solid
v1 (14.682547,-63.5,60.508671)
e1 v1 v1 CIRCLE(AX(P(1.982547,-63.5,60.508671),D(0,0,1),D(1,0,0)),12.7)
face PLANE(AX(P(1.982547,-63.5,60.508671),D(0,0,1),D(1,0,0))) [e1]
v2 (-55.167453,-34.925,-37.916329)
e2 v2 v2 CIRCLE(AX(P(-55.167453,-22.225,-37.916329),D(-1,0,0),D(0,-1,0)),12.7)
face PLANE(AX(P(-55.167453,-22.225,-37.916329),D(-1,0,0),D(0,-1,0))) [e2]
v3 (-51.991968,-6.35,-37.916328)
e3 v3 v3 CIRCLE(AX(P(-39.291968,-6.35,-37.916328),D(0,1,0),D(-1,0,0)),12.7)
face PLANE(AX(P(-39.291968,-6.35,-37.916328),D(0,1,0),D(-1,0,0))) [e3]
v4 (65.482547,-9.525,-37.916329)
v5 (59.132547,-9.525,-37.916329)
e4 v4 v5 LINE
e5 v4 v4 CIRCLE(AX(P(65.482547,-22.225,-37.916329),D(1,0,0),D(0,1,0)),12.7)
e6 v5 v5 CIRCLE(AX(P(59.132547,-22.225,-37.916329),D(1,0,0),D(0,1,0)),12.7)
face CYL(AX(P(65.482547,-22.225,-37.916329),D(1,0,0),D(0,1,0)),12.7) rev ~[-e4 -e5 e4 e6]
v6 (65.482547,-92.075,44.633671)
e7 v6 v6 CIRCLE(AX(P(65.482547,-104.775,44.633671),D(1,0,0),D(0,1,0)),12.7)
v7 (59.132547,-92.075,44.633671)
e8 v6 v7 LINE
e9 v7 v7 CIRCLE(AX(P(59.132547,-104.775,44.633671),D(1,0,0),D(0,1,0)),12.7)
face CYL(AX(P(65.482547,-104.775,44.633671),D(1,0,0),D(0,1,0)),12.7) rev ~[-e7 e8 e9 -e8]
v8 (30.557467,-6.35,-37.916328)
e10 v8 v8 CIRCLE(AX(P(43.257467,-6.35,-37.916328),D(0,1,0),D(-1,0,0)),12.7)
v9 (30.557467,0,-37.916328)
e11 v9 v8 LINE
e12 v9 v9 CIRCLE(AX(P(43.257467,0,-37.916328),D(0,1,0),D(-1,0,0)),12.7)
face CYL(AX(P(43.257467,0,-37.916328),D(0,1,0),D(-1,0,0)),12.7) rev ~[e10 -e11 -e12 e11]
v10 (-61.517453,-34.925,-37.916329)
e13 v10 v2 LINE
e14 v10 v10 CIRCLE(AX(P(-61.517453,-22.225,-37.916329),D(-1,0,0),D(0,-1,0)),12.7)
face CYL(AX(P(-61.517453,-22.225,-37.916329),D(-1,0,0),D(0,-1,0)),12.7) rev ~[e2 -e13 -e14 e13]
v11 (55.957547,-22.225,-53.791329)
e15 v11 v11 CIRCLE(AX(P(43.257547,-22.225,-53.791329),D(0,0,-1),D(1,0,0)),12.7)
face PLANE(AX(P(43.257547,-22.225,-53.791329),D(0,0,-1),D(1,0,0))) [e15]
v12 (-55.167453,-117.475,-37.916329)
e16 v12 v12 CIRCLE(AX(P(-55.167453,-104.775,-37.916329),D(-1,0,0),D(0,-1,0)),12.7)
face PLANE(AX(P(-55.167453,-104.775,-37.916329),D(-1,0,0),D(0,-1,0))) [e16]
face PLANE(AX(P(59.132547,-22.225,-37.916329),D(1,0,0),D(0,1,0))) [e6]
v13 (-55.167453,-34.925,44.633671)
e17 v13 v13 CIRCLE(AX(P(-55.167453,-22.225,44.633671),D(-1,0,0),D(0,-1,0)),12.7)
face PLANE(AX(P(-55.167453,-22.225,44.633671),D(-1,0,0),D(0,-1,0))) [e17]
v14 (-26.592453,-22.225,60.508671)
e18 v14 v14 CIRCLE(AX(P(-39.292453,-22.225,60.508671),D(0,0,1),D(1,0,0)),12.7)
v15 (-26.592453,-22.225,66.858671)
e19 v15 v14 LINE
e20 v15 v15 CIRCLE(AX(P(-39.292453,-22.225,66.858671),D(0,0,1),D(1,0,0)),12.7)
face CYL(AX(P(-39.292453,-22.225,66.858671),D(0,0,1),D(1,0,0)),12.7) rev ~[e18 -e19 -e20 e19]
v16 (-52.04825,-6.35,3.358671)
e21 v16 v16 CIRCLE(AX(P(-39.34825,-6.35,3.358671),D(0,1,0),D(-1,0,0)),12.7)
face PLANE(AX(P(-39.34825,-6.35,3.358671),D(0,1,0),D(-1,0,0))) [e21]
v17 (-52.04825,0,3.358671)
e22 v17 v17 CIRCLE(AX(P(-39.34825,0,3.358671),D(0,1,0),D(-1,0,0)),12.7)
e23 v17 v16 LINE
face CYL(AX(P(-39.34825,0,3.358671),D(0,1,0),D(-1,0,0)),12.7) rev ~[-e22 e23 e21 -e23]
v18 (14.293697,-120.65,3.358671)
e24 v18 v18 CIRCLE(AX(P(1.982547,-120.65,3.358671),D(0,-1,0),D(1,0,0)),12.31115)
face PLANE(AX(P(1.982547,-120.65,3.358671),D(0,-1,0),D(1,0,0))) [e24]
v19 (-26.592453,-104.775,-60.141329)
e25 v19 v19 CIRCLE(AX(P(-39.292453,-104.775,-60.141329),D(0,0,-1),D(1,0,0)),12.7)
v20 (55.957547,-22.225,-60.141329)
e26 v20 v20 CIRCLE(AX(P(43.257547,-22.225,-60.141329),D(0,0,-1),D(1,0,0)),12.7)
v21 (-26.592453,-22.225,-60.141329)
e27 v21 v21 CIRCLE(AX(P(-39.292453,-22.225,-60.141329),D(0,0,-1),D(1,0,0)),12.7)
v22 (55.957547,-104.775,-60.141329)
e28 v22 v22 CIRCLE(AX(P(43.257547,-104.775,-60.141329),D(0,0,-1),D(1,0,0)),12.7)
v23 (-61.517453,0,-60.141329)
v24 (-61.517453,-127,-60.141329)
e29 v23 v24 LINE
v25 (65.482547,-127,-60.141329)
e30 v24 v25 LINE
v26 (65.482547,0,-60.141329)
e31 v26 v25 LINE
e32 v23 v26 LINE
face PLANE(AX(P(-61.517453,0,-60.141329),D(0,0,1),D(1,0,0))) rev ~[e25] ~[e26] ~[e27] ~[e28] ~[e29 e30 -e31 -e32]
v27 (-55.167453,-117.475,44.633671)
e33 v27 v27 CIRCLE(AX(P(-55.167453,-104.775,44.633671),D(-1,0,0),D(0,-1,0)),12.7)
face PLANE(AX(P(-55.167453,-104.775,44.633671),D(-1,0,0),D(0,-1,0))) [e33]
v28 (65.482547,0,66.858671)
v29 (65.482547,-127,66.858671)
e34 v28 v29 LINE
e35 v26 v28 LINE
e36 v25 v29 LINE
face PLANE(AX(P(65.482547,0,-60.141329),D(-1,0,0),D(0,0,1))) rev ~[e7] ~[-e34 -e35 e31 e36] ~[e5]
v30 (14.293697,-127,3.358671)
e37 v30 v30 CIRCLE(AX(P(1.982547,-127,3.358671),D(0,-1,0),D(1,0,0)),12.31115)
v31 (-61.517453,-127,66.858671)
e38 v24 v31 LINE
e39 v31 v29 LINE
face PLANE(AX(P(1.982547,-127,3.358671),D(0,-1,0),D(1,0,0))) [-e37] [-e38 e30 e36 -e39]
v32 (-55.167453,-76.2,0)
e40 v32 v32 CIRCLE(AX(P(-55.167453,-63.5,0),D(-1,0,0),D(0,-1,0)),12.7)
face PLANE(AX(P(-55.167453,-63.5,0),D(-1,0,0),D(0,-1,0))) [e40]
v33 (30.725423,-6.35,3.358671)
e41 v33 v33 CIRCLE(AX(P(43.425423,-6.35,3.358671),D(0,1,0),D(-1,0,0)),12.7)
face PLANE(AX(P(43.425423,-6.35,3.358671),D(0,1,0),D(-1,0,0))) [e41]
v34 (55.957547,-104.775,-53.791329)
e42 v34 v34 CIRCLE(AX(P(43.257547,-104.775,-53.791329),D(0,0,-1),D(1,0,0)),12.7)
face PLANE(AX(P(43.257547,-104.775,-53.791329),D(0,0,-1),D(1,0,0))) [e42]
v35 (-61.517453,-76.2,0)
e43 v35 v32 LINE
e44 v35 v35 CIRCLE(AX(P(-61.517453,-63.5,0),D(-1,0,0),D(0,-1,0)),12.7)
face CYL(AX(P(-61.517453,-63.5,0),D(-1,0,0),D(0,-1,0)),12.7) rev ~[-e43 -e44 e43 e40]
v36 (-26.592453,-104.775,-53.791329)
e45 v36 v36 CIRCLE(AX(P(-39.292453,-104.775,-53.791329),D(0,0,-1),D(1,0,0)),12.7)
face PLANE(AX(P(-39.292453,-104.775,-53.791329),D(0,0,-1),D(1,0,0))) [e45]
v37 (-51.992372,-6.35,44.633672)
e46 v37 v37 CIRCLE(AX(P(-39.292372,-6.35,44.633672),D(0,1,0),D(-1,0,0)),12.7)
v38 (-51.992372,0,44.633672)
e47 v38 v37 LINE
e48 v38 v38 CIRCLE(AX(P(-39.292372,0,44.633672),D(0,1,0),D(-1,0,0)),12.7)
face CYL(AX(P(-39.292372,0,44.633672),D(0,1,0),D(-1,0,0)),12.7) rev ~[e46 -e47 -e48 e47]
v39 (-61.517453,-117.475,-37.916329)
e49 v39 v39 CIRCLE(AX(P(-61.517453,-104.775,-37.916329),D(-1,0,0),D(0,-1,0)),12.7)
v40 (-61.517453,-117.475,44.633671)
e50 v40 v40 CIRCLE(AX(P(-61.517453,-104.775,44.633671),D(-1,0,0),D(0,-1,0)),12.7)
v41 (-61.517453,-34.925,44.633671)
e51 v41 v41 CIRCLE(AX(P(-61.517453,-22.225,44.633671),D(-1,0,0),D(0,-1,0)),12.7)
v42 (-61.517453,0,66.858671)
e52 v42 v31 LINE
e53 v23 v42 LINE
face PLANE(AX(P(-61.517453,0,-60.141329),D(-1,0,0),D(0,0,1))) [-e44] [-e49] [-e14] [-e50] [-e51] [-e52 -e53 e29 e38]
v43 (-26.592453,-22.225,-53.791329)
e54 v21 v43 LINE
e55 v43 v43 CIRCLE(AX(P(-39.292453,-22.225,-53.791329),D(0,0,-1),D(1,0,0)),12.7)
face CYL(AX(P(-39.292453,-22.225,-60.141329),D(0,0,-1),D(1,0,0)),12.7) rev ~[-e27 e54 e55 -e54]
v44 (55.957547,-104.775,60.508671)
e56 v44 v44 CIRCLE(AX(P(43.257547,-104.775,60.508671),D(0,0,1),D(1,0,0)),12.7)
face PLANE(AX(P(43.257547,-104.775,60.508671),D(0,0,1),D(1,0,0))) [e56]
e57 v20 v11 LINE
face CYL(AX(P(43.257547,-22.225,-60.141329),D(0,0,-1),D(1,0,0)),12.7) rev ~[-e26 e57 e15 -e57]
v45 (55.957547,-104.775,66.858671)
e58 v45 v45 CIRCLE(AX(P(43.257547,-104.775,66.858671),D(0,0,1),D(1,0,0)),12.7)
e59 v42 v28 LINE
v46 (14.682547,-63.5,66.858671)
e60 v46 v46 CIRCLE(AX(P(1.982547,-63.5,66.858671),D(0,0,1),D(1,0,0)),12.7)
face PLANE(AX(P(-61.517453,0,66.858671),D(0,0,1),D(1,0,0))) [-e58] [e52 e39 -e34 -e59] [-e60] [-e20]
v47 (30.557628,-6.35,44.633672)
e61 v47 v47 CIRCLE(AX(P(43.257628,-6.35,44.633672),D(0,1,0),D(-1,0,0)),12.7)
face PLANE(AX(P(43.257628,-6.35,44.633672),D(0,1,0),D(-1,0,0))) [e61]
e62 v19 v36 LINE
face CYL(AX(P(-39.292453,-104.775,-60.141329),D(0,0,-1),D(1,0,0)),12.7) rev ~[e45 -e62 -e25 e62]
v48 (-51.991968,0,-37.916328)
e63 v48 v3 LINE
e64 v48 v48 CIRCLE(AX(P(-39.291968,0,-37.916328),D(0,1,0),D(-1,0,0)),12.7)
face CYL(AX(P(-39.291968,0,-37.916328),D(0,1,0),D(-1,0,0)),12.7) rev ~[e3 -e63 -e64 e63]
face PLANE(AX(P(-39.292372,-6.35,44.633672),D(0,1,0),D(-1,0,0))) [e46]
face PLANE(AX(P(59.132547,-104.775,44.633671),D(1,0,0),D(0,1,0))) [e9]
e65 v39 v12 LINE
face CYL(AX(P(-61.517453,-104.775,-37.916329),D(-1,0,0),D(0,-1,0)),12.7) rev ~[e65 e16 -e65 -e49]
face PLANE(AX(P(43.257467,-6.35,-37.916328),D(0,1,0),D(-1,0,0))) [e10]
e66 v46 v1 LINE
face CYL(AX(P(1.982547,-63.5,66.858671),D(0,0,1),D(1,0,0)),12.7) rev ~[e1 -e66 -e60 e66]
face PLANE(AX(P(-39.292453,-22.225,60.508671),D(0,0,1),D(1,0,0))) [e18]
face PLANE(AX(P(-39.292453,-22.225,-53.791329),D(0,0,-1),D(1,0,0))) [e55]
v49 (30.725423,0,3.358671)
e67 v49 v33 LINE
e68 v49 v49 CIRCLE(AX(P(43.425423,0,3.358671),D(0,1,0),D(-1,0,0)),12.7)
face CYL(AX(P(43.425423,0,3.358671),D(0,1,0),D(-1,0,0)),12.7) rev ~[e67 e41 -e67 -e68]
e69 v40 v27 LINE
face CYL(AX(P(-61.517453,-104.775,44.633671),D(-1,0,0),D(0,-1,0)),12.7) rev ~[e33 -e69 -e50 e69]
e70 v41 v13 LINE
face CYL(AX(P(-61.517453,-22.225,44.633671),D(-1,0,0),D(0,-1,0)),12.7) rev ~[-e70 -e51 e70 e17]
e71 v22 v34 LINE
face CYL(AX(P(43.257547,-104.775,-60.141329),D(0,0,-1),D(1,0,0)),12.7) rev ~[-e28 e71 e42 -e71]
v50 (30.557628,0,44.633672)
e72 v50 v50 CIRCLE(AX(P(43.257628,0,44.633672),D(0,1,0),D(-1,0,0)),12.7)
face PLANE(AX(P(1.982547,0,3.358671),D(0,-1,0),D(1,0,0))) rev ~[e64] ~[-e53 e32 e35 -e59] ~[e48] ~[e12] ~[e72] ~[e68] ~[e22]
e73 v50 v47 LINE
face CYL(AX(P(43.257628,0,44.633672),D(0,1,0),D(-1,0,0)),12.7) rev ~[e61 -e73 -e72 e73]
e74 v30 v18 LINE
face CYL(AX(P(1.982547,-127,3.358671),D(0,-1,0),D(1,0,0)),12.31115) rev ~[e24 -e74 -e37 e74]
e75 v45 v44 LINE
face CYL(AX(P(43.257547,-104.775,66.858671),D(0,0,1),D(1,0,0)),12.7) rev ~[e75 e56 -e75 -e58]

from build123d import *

# Parameters (mm, degrees)
F0_W      = 127
F0_H      = 127
F1_DEPTH  = 127
F2_R      = 12.31115
F3_DEPTH  = 6.35
F4_R      = 12.7
F5_DEPTH  = 6.35
F6_R      = 12.7
F7_DEPTH  = 6.35
F8_R      = 12.7
F9_DEPTH  = 6.35
F10_R     = 12.7
F11_DEPTH = 6.35
F12_R     = 12.7
F13_DEPTH = 6.35


with BuildPart() as f1:
    # F0 (on Front) → F1 (new body)
    with BuildSketch(Plane.XZ):
        with Locations((1.982547, 3.358671)):
            Rectangle(F0_W, F0_H)
    extrude(amount=F1_DEPTH)

    # F2 (on face) → F3 (cut)
    with BuildSketch(Plane.XZ.offset(127)):
        with Locations((1.982547, 3.358671)):
            Circle(F2_R)
    extrude(amount=-F3_DEPTH, mode=Mode.SUBTRACT)

    # F4 (on face) → F5 (cut)
    with BuildSketch(Plane(origin=(0, 0, 0), x_dir=(-1, 0, 0), z_dir=(0, 1, 0))):
        with Locations((39.291968, -37.916328)):
            Circle(F4_R)
        with Locations((39.34825, 3.358671)):
            Circle(F4_R)
        with Locations((39.292372, 44.633672)):
            Circle(F4_R)
        with Locations((-43.257628, 44.633672)):
            Circle(F4_R)
        with Locations((-43.257467, -37.916328)):
            Circle(F4_R)
        with Locations((-43.425423, 3.358671)):
            Circle(F4_R)
    extrude(amount=-F5_DEPTH, mode=Mode.SUBTRACT)

    # F6 (on face) → F7 (cut)
    with BuildSketch(Plane.YZ.offset(65.482547)):
        with Locations((-22.225, -37.916329)):
            Circle(F6_R)
        with Locations((-104.775, 44.633671)):
            Circle(F6_R)
    extrude(amount=-F7_DEPTH, mode=Mode.SUBTRACT)

    # F8 (on face) → F9 (cut)
    with BuildSketch(Plane(origin=(-61.517453, 0, 0), x_dir=(0, -1, 0), z_dir=(-1, 0, 0))):
        with Locations((22.225, 44.633671)):
            Circle(F8_R)
        with Locations((104.775, 44.633671)):
            Circle(F8_R)
        with Locations((104.775, -37.916329)):
            Circle(F8_R)
        with Locations((22.225, -37.916329)):
            Circle(F8_R)
        with Locations((63.5, 0)):
            Circle(F8_R)
    extrude(amount=-F9_DEPTH, mode=Mode.SUBTRACT)

    # F10 (on face) → F11 (cut)
    with BuildSketch(Plane(origin=(0, 0, -60.141329), x_dir=(1, 0, 0), z_dir=(0, 0, -1))):
        with Locations((-39.292453, 104.775)):
            Circle(F10_R)
        with Locations((43.257547, 104.775)):
            Circle(F10_R)
        with Locations((-39.292453, 22.225)):
            Circle(F10_R)
        with Locations((43.257547, 22.225)):
            Circle(F10_R)
    extrude(amount=-F11_DEPTH, mode=Mode.SUBTRACT)

    # F12 (on face) → F13 (cut)
    with BuildSketch(Plane.XY.offset(66.858671)):
        with Locations((-39.292453, -22.225)):
            Circle(F12_R)
        with Locations((43.257547, -104.775)):
            Circle(F12_R)
        with Locations((1.982547, -63.5)):
            Circle(F12_R)
    extrude(amount=-F13_DEPTH, mode=Mode.SUBTRACT)


solid = f1.part
